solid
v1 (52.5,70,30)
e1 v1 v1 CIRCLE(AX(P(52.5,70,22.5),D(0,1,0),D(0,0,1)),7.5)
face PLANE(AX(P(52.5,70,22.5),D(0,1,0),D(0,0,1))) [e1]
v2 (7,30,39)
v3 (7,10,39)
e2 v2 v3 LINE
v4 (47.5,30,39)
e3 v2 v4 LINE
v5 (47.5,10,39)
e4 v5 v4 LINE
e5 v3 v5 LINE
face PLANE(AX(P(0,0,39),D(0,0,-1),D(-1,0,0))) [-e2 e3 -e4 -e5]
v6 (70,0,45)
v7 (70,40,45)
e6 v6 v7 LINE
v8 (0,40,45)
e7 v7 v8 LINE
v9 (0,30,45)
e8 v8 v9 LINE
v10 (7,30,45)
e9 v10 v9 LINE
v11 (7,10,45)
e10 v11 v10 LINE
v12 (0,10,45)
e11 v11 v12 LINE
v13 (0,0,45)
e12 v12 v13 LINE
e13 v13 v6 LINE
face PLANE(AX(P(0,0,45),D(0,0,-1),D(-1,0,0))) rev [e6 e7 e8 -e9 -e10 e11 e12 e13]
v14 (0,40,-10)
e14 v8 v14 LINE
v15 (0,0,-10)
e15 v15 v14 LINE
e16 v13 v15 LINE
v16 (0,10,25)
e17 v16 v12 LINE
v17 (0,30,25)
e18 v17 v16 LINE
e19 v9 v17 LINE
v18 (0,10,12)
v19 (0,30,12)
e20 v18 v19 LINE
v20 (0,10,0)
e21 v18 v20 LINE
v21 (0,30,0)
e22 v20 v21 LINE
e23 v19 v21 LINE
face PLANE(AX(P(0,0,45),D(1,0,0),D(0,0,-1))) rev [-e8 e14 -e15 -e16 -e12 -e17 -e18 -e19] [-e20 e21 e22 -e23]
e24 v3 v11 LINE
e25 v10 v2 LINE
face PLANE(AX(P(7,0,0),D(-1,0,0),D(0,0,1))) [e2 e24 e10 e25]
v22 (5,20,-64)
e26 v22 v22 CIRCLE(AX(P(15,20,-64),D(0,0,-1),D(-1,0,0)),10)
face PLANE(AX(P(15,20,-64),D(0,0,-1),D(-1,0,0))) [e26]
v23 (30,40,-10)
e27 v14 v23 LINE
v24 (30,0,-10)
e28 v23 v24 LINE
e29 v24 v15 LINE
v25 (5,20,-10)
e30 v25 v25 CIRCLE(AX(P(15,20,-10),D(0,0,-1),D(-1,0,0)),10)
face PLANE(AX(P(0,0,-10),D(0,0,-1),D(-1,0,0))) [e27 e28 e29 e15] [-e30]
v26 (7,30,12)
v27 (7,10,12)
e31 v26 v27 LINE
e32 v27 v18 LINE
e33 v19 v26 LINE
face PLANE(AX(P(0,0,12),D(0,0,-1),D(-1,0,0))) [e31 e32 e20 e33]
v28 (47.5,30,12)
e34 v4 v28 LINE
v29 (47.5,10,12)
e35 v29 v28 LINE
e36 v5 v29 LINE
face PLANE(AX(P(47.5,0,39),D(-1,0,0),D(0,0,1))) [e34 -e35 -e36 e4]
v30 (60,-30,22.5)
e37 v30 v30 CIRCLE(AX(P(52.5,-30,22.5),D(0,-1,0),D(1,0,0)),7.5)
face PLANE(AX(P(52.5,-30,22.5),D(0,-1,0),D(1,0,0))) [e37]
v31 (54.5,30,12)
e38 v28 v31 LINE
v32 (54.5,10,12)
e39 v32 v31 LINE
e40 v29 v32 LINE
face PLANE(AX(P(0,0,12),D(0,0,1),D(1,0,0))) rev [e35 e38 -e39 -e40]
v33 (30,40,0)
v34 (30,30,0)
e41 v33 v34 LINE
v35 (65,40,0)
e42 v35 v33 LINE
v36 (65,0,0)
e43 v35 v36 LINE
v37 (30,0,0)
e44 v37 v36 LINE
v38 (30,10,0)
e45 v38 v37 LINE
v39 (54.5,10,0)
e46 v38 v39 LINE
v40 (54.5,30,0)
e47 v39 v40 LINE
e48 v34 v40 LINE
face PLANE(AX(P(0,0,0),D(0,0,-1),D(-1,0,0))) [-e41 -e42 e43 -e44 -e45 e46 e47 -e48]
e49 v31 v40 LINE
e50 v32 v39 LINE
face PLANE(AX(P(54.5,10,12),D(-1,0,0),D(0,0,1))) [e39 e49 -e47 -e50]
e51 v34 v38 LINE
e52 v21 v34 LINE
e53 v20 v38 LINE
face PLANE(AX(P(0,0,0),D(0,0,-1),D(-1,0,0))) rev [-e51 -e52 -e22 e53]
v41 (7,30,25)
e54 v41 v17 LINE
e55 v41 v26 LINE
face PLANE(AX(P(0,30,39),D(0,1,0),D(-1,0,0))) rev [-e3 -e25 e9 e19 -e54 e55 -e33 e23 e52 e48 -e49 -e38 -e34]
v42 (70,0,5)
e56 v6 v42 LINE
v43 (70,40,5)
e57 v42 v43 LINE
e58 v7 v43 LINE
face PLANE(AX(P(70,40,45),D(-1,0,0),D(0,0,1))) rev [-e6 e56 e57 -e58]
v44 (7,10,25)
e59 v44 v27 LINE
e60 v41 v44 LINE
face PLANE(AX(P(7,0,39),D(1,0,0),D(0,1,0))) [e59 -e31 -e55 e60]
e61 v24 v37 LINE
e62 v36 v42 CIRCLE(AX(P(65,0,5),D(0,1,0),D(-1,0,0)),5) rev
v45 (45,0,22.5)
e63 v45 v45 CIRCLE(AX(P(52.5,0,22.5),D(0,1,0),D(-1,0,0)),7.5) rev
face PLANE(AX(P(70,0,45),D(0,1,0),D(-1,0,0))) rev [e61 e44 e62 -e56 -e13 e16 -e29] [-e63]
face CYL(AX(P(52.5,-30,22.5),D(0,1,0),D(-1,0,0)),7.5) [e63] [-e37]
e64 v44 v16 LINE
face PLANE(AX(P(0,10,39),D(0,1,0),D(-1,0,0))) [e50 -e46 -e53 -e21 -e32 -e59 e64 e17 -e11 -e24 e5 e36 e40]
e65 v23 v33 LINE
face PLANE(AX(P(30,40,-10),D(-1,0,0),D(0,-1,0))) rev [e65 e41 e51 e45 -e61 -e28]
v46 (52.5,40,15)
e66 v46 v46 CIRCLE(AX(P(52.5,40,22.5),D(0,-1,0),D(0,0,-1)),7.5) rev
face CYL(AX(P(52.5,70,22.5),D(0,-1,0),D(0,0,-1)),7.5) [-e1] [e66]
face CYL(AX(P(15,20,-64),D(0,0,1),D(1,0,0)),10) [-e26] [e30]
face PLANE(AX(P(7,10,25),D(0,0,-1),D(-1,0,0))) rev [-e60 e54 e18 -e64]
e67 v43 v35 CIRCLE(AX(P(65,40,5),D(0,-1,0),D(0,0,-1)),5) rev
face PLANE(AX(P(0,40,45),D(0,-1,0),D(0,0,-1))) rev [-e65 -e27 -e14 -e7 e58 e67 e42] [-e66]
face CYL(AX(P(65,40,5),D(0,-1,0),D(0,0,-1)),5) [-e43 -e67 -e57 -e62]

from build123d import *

# Parameters (mm, degrees)
CROQUIS2_W              = 70
CROQUIS2_H              = 40
SALIENTE_EXTRUIR1_DEPTH = 45
CROQUIS3_W              = 40.5
CROQUIS3_H              = 20
CORTAR_EXTRUIR1_DEPTH   = 39
CROQUIS4_W              = 7
CROQUIS4_H              = 20
CORTAR_EXTRUIR2_DEPTH   = 12
CROQUIS5_W              = 20
CROQUIS5_H              = 20
CORTAR_EXTRUIR4_DEPTH   = 7
CROQUIS6_R              = 7.5
SALIENTE_EXTRUIR3_DEPTH = 30
CROQUIS8_R              = 7.5
SALIENTE_EXTRUIR4_DEPTH = 30
CROQUIS9_W              = 30
CROQUIS9_H              = 40
SALIENTE_EXTRUIR5_DEPTH = 10
CROQUIS10_R             = 10
SALIENTE_EXTRUIR6_DEPTH = 54
REDONDEO1_R             = 5


with BuildPart() as part:
    # Croquis2 → Saliente-Extruir1 (new body)
    with BuildSketch(Plane.XY):
        with Locations((35, 20)):
            Rectangle(CROQUIS2_W, CROQUIS2_H)
    extrude(amount=SALIENTE_EXTRUIR1_DEPTH)

    # Croquis3 → Cortar-Extruir1 (cut)
    with BuildSketch(Plane(origin=(0, 0, 0), x_dir=(-1, 0, 0), z_dir=(0, 0, -1))):
        with Locations((-27.25, 20)):
            Rectangle(CROQUIS3_W, CROQUIS3_H)
    extrude(amount=-CORTAR_EXTRUIR1_DEPTH, mode=Mode.SUBTRACT)

    # Croquis4 → Cortar-Extruir2 (cut)
    with BuildSketch(Plane(origin=(0, 0, 0), x_dir=(-1, 0, 0), z_dir=(0, 0, -1))):
        with Locations((-3.5, 20)):
            Rectangle(CROQUIS4_W, CROQUIS4_H)
        with Locations((-51, 20)):
            Rectangle(CROQUIS4_W, CROQUIS4_H)
    extrude(amount=-CORTAR_EXTRUIR2_DEPTH, mode=Mode.SUBTRACT)

    # Croquis5 → Cortar-Extruir4 (cut)
    with BuildSketch(Plane.ZY):
        with Locations((35, 20)):
            Rectangle(CROQUIS5_W, CROQUIS5_H)
    extrude(amount=-CORTAR_EXTRUIR4_DEPTH, mode=Mode.SUBTRACT)

    # Croquis6 → Saliente-Extruir3 (add)
    with BuildSketch(Plane(origin=(0, 40, 0), x_dir=(1, 0, 0), z_dir=(0, 1, 0))):
        with Locations((52.5, -22.5)):
            Circle(CROQUIS6_R)
    extrude(amount=SALIENTE_EXTRUIR3_DEPTH)

    # Croquis8 → Saliente-Extruir4 (add)
    with BuildSketch(Plane.XZ):
        with Locations((52.5, 22.5)):
            Circle(CROQUIS8_R)
    extrude(amount=SALIENTE_EXTRUIR4_DEPTH)

    # Croquis9 → Saliente-Extruir5 (add)
    with BuildSketch(Plane(origin=(0, 0, 0), x_dir=(-1, 0, 0), z_dir=(0, 0, -1))):
        with Locations((-15, 20)):
            Rectangle(CROQUIS9_W, CROQUIS9_H)
    extrude(amount=SALIENTE_EXTRUIR5_DEPTH)

    # Croquis10 → Saliente-Extruir6 (add)
    with BuildSketch(Plane(origin=(0, 0, -10), x_dir=(-1, 0, 0), z_dir=(0, 0, -1))):
        with Locations((-15, 20)):
            Circle(CROQUIS10_R)
    extrude(amount=SALIENTE_EXTRUIR6_DEPTH)

    # Redondeo1
    redondeo1_edges = [part.edges().sort_by_distance(p)[0] for p in [
        (70, 20, 0),
    ]]
    fillet(redondeo1_edges, radius=REDONDEO1_R)


solid = part.part
